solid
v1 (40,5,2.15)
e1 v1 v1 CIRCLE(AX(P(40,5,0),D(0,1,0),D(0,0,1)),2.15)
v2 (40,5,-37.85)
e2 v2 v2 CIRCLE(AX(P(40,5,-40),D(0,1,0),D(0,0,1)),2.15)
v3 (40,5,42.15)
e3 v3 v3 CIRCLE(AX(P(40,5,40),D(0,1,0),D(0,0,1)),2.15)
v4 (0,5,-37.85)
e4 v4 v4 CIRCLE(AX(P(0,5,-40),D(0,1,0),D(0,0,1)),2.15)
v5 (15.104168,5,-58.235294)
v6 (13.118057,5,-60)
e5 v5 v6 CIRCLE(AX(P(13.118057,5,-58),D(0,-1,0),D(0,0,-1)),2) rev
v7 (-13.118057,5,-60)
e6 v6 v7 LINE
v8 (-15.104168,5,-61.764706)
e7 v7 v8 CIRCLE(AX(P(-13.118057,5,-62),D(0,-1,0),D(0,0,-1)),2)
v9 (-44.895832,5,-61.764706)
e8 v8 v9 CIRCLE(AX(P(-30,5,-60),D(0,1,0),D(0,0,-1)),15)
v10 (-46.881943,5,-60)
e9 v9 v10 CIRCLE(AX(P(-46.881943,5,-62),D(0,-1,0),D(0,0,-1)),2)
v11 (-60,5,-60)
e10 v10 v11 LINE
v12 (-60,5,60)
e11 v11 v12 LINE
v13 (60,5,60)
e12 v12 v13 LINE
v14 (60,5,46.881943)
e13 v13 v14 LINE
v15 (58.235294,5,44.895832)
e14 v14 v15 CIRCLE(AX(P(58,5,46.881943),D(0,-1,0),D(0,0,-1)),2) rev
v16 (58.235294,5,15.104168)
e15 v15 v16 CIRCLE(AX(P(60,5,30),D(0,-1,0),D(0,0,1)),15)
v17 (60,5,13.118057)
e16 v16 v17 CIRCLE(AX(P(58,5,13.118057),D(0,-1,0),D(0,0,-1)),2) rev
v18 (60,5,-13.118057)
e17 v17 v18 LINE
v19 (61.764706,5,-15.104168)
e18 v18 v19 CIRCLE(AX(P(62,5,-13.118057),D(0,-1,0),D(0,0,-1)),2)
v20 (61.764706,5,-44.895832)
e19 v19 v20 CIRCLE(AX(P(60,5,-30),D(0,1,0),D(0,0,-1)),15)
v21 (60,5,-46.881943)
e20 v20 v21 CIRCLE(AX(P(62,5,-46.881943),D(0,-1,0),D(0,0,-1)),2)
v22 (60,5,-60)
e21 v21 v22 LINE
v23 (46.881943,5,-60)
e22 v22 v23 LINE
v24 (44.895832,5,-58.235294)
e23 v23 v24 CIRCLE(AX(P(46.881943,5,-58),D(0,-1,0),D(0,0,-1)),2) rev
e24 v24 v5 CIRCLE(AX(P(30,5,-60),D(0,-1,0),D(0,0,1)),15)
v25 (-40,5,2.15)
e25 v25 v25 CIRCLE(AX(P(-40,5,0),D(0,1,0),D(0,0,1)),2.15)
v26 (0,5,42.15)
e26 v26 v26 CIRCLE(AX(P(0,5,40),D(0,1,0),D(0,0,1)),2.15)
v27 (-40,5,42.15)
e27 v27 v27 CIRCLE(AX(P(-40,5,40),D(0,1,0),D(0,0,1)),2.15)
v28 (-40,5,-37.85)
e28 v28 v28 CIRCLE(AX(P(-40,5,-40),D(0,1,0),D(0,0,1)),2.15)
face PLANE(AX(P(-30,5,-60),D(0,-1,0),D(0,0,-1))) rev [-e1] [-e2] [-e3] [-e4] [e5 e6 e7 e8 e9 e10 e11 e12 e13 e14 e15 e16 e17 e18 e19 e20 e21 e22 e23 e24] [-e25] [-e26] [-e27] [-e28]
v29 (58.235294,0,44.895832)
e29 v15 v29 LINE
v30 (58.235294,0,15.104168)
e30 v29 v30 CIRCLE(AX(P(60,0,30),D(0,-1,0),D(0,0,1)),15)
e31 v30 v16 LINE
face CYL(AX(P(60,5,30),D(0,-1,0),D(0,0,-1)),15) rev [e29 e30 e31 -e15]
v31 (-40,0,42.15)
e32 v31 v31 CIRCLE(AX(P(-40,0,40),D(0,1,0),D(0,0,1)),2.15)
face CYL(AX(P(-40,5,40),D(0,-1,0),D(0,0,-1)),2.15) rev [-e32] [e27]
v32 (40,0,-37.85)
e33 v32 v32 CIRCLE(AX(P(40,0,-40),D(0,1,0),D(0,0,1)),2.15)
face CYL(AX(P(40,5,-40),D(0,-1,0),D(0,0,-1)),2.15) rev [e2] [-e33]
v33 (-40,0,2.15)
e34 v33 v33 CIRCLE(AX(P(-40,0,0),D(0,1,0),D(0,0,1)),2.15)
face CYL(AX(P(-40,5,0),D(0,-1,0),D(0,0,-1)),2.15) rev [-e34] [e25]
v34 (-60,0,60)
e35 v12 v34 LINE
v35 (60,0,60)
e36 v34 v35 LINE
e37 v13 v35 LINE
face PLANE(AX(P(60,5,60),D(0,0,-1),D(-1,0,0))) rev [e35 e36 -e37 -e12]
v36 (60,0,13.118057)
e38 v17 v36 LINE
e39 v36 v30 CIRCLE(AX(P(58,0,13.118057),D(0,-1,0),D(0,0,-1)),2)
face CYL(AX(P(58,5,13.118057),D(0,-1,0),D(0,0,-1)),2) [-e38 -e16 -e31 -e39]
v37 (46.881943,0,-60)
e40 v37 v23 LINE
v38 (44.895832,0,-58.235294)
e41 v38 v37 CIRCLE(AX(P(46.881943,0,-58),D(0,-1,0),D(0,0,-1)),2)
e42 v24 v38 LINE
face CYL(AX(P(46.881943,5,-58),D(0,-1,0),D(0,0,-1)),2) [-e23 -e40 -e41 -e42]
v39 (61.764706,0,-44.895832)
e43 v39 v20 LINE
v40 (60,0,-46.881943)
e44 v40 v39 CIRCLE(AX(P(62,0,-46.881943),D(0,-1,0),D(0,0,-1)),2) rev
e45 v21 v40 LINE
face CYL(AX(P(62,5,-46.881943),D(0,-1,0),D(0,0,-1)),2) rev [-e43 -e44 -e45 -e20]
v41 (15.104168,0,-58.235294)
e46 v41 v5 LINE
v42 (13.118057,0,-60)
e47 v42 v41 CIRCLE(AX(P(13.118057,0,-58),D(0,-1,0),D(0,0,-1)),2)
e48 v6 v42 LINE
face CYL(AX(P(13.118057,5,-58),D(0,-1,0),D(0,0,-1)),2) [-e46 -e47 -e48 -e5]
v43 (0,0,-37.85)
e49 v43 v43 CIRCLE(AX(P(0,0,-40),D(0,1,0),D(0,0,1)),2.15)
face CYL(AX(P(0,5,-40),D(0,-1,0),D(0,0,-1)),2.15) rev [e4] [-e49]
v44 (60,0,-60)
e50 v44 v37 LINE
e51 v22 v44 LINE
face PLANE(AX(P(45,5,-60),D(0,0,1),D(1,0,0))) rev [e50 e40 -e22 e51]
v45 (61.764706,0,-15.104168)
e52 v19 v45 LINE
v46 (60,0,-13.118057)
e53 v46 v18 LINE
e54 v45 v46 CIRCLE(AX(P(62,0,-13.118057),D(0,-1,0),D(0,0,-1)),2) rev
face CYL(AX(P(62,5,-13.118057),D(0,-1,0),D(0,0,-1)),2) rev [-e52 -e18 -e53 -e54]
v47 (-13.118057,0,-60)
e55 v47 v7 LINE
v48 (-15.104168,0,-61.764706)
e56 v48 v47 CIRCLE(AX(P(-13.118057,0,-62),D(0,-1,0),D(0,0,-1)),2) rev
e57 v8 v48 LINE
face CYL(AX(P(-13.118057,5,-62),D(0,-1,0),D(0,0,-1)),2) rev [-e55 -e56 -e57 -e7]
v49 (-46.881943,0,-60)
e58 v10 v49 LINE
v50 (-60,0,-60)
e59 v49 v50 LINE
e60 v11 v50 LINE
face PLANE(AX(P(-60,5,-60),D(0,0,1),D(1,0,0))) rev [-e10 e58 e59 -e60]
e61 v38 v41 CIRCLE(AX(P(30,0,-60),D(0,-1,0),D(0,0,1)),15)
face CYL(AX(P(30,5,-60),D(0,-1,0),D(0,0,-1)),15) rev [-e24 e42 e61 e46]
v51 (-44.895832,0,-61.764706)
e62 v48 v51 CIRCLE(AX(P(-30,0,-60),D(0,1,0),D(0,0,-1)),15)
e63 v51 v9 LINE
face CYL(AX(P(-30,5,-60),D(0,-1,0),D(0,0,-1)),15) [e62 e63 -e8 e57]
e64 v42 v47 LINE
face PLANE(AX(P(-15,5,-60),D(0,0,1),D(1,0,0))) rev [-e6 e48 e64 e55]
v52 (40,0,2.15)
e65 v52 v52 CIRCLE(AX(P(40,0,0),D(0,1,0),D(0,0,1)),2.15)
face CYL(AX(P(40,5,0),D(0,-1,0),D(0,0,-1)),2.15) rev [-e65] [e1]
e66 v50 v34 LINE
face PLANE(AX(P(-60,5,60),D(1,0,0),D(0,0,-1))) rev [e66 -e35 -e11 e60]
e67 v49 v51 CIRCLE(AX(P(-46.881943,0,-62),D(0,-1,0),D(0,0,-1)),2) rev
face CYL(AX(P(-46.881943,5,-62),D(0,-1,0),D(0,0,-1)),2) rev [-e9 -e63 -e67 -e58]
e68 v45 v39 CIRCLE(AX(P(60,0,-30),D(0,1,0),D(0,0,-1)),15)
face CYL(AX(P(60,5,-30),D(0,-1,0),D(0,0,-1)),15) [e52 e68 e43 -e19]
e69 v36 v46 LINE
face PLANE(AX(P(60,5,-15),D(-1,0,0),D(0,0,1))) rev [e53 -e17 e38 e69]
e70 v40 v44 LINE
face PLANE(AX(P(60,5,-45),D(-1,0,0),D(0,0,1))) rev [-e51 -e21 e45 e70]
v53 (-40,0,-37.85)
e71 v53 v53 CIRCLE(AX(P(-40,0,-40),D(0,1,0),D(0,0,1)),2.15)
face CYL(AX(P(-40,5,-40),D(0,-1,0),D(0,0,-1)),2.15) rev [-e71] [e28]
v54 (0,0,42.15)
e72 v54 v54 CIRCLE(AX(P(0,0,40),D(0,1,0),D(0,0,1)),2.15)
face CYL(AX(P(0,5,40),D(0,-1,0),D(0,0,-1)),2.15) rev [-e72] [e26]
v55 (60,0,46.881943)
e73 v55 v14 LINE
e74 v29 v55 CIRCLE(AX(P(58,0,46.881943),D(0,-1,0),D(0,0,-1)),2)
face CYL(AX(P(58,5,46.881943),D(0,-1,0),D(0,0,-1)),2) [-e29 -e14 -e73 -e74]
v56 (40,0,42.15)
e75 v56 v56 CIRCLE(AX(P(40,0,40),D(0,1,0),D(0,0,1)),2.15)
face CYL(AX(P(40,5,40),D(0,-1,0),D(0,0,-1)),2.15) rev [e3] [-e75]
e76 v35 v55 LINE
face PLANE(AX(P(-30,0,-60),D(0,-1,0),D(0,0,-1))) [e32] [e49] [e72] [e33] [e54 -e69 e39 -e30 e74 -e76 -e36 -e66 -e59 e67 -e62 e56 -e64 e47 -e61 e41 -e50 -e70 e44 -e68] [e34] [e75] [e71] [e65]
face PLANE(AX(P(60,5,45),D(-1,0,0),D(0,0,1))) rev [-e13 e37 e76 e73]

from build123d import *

# Parameters (mm, degrees)
SKETCH1_R           = 2.15
BOSS_EXTRUDE1_DEPTH = 5
FILLET1_R           = 2


with BuildPart() as part:
    # Sketch1 → Boss-Extrude1 (new body)
    with BuildSketch(Plane(origin=(0, 0, 0), x_dir=(1, 0, 0), z_dir=(0, 1, 0))):
        with BuildLine():
            Line((60, -60), (-60, -60))
            Line((-60, -60), (-60, 60))
            Line((-60, 60), (-45, 60))
            ThreePointArc((-45, 60), (-30, 75), (-15, 60))
            Line((-15, 60), (15, 60))
            ThreePointArc((15, 60), (30, 45), (45, 60))
            Line((45, 60), (60, 60))
            Line((60, 60), (60, 45))
            ThreePointArc((60, 45), (75, 30), (60, 15))
            Line((60, 15), (60, -15))
            ThreePointArc((60, -15), (45, -30), (60, -45))
            Line((60, -45), (60, -60))
        make_face()
        with Locations((-40, -40)):
            Circle(SKETCH1_R, mode=Mode.SUBTRACT)
        with Locations((40, 40)):
            Circle(SKETCH1_R, mode=Mode.SUBTRACT)
        with Locations((-40, 40)):
            Circle(SKETCH1_R, mode=Mode.SUBTRACT)
        with Locations((0, 40)):
            Circle(SKETCH1_R, mode=Mode.SUBTRACT)
        with Locations((-40, 0)):
            Circle(SKETCH1_R, mode=Mode.SUBTRACT)
        with Locations((40, -40)):
            Circle(SKETCH1_R, mode=Mode.SUBTRACT)
        with Locations((40, 0)):
            Circle(SKETCH1_R, mode=Mode.SUBTRACT)
        with Locations((0, -40)):
            Circle(SKETCH1_R, mode=Mode.SUBTRACT)
    extrude(amount=BOSS_EXTRUDE1_DEPTH)

    # Fillet1
    fillet1_edges = [part.edges().sort_by_distance(p)[0] for p in [
        (-45, 2.5, -60),
        (-15, 2.5, -60),
        (15, 2.5, -60),
        (45, 2.5, -60),
        (60, 2.5, -45),
        (60, 2.5, -15),
        (60, 2.5, 15),
        (60, 2.5, 45),
    ]]
    fillet(fillet1_edges, radius=FILLET1_R)


solid = part.part
